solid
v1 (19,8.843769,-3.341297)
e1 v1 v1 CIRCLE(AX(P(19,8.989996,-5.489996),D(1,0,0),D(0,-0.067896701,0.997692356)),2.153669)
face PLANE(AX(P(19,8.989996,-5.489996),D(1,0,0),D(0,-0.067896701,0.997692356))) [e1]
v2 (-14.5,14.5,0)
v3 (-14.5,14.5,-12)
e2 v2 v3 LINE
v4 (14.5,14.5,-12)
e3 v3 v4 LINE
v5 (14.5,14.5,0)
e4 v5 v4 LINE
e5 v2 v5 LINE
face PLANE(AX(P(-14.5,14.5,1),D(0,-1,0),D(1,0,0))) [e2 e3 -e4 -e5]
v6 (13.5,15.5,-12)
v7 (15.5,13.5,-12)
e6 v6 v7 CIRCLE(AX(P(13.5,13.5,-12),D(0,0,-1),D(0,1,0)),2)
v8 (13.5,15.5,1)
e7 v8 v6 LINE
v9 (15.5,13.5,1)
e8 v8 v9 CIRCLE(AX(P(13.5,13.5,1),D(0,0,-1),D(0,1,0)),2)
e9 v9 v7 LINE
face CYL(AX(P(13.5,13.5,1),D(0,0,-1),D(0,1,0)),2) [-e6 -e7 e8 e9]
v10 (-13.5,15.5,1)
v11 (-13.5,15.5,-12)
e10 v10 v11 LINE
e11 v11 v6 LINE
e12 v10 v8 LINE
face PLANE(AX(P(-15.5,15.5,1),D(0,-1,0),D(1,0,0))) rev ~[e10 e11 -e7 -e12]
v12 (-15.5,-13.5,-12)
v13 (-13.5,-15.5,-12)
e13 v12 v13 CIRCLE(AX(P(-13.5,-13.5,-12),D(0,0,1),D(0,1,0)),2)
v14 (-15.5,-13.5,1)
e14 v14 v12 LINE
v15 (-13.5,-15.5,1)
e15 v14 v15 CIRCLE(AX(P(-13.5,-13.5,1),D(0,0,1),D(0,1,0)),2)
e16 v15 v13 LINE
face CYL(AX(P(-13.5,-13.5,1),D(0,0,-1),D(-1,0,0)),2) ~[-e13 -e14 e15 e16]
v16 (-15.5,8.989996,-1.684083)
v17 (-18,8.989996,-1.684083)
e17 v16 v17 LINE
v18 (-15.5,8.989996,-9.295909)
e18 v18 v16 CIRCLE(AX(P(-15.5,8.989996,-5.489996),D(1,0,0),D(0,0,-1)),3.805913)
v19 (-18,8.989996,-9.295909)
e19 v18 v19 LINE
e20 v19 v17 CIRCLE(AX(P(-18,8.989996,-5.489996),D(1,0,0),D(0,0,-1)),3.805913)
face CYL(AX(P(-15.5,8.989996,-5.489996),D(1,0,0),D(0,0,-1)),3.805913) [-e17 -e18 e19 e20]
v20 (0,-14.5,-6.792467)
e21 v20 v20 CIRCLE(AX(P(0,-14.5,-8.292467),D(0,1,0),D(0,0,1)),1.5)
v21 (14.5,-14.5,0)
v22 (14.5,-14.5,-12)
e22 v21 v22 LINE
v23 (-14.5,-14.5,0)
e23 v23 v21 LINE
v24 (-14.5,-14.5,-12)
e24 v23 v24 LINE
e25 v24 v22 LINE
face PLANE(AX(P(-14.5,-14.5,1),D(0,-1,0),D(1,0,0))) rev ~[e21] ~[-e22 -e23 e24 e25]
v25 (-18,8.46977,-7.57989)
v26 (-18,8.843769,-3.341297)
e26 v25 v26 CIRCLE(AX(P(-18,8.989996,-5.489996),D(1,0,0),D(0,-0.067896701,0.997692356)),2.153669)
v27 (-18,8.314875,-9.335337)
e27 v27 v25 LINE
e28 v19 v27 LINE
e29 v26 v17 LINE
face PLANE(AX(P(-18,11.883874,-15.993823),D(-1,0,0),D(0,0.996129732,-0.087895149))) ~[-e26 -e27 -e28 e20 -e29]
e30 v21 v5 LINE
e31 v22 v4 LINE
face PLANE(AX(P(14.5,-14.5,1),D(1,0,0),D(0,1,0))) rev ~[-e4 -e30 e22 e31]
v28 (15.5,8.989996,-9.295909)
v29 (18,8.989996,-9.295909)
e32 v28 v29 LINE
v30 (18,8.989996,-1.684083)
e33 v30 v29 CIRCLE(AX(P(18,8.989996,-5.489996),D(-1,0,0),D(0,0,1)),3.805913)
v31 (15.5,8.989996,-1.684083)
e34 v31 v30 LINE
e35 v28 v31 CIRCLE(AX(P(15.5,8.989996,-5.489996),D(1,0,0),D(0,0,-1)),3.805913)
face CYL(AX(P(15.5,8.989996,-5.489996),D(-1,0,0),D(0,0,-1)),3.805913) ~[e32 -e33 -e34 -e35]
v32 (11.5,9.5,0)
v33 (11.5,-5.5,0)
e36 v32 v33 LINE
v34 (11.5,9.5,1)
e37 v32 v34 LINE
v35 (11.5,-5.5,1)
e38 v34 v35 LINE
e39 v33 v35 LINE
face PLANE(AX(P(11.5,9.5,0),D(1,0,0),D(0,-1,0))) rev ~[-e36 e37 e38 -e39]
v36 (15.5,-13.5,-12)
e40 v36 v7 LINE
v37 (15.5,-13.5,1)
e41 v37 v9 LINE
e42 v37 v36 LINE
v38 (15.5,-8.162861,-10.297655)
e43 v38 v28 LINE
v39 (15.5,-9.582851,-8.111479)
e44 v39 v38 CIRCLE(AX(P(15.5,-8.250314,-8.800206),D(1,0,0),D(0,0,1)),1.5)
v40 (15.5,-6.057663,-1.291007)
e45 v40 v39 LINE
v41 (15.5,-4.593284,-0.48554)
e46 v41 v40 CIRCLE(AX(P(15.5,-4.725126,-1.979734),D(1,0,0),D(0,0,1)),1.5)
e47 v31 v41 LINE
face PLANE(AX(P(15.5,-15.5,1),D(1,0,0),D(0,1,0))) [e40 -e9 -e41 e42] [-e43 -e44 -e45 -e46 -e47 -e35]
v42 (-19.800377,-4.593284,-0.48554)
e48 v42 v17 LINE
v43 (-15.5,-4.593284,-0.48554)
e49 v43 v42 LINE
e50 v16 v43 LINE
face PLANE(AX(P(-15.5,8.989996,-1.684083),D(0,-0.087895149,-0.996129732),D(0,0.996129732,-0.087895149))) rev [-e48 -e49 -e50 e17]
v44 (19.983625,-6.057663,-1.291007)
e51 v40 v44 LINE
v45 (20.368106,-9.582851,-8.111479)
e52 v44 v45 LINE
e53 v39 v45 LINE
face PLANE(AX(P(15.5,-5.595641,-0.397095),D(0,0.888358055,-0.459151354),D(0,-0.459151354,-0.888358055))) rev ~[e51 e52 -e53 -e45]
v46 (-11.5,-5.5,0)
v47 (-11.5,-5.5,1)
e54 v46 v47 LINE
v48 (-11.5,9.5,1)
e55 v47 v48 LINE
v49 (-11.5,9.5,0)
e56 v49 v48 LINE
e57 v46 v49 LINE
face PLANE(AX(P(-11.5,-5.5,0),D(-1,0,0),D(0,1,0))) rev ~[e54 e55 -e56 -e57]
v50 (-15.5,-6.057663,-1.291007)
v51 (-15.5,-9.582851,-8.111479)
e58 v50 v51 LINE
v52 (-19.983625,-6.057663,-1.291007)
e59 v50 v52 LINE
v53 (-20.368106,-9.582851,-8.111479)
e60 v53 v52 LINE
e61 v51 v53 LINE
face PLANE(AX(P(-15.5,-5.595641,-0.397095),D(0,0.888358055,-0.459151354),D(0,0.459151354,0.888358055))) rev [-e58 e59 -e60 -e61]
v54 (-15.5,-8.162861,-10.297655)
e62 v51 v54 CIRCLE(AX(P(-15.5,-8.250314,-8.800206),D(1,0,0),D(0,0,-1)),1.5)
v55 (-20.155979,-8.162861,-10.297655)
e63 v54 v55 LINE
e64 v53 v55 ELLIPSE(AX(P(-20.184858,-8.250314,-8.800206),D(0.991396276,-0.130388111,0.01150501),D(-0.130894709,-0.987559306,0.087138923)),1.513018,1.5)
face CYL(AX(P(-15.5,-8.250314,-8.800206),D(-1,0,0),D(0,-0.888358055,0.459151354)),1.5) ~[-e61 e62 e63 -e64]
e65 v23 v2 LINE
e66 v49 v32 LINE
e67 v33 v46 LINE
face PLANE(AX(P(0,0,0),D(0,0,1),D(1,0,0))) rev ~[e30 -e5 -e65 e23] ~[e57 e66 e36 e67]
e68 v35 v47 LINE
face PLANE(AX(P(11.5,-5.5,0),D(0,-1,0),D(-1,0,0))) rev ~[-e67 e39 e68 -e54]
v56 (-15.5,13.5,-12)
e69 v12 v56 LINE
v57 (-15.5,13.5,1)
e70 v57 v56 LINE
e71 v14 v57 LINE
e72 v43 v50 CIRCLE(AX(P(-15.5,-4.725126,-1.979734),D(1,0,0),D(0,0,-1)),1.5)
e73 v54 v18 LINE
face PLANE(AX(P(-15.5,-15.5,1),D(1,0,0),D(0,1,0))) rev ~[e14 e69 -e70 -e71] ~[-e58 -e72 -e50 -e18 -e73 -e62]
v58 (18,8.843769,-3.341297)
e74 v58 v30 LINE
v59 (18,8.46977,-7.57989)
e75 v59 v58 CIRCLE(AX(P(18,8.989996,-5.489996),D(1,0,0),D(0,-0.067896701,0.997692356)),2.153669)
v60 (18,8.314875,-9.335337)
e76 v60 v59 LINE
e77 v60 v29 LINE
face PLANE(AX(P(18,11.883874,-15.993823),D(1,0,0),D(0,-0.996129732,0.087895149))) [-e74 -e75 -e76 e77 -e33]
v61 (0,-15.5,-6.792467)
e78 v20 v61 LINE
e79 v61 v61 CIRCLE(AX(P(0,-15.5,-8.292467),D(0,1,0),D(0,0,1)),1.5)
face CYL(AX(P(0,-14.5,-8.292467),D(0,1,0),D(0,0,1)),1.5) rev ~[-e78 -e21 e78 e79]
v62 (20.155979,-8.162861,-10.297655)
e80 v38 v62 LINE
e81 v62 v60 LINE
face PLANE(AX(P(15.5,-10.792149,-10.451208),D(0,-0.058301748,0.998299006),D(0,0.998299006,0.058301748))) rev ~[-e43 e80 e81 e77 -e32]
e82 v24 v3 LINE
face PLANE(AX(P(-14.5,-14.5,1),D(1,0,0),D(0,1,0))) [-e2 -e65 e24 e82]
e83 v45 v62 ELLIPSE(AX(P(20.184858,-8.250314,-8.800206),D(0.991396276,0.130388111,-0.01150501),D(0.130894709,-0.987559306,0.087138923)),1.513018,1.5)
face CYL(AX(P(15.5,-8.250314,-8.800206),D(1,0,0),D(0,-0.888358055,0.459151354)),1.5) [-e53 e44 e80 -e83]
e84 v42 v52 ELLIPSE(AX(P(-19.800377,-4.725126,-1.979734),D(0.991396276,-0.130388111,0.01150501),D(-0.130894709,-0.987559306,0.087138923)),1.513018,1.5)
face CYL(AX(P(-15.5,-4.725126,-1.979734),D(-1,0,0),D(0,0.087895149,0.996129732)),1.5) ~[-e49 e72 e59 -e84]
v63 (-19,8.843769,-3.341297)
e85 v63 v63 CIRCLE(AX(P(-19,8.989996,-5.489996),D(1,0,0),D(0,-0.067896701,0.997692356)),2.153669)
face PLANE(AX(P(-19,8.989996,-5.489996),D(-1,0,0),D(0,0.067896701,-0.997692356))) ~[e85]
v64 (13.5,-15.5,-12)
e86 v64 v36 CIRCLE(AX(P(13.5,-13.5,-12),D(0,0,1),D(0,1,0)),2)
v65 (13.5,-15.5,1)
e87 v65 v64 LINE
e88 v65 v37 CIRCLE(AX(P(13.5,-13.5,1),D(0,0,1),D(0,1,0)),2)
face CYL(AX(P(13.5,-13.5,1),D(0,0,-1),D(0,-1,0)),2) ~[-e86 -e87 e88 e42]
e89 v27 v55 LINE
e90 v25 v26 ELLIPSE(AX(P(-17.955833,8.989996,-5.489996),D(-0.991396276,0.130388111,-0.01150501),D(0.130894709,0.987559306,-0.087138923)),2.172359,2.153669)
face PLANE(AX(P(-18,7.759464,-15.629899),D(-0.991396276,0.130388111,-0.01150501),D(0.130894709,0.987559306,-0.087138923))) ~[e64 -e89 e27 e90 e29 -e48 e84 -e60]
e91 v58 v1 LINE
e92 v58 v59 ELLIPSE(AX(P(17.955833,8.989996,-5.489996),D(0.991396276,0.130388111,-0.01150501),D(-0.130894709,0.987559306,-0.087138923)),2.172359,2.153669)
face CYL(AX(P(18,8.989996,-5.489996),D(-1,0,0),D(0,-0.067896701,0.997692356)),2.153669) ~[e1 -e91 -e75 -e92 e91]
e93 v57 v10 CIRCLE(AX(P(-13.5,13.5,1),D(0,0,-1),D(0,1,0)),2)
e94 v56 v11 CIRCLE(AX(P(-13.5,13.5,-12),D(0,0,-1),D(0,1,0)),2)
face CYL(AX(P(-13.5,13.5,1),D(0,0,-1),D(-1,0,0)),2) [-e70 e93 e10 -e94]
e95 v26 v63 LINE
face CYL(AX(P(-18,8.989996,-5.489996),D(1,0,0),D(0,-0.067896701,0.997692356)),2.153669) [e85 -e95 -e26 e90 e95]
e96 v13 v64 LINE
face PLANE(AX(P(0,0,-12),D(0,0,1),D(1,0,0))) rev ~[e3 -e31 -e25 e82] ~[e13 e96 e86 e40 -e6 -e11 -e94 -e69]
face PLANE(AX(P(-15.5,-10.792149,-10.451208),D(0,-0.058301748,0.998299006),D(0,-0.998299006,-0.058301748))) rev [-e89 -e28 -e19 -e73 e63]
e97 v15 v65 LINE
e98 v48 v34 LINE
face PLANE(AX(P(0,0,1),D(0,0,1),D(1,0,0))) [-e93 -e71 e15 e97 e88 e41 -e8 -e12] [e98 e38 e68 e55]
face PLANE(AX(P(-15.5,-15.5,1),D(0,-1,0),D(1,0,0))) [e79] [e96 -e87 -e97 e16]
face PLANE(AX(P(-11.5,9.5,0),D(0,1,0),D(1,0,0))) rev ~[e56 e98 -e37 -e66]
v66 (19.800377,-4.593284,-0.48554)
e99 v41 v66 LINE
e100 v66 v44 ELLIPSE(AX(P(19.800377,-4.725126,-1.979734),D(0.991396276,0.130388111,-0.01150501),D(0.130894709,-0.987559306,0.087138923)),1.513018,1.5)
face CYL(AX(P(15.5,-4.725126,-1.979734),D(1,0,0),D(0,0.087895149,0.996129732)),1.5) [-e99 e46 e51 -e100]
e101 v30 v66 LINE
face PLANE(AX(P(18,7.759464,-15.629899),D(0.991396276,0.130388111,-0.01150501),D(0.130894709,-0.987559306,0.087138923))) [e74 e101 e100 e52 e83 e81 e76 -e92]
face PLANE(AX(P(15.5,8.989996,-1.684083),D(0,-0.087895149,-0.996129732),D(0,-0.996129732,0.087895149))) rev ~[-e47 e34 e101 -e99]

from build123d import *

# Parameters (mm, degrees)
SKETCH_1_W          = 29
SKETCH_1_H          = 29
EXTRUDE_1_DEPTH     = 1
SKETCH_2_W          = 31
SKETCH_2_H          = 31
SKETCH_2_W_2        = 29
SKETCH_2_H_2        = 29
EXTRUDE_2_DEPTH     = 13
EXTRUDE_4_DEPTH     = 5
CUT_EXTRUDE_START   = -14
CUT_EXTRUDE_2_DEPTH = 27
SKETCH_5_R          = 2.15366908
EXTRUDE_5_DEPTH     = 1
FILLET_2_R          = 2
FILLET_3_R          = 1.5
SKETCH_6_R          = 1.5
CUT_EXTRUDE_3_DEPTH = 10


with BuildPart() as part:
    # 草图1 → 凸台-拉伸1 (new body)
    with BuildSketch(Plane.XY):
        Rectangle(SKETCH_1_W, SKETCH_1_H)
        Polygon((-11.5, 0), (-11.5, 9.5), (11.5, 9.5), (11.5, -5.5), (-11.5, -5.5), align=None, mode=Mode.SUBTRACT)
    extrude(amount=EXTRUDE_1_DEPTH)

    # 草图2 → 凸台-拉伸2 (add)
    with BuildSketch(Plane.XY.offset(1)):
        Rectangle(SKETCH_2_W, SKETCH_2_H)
        Rectangle(SKETCH_2_W_2, SKETCH_2_H_2, mode=Mode.SUBTRACT)
    extrude(amount=-EXTRUDE_2_DEPTH)

    # 草图3 → 凸台-拉伸4 (add)
    with BuildSketch(Plane(origin=(15.5, 0, 0), x_dir=(0, 0, -1), z_dir=(1, 0, 0))):
        with BuildLine():
            Line((1.684082639, 8.989995997), (0.397094894, -5.595641246))
            Line((0.397094894, -5.595641246), (10.451208148, -10.79214922))
            Line((10.451208148, -10.79214922), (9.295909354, 8.989995997))
            ThreePointArc((9.295909354, 8.989995997), (5.489995997, 12.795909354), (1.684082639, 8.989995997))
        make_face()
    extrude_4 = extrude(amount=EXTRUDE_4_DEPTH)

    # 草图4 → 切除-拉伸2 (cut)
    with BuildSketch(Plane(origin=(0, -0.077997079, -0.883953322), x_dir=(1, 0, 0), z_dir=(0, 0.08789514896151537, 0.9961297319069606)).offset(CUT_EXTRUDE_START)):
        Polygon((18, 9.103224997), (20.5, -9.831770213), (20.5, 13.243659675), (18, 13.243659675), align=None)
    cut_extrude_2 = extrude(amount=CUT_EXTRUDE_2_DEPTH, mode=Mode.SUBTRACT)

    # 草图5 → 凸台-拉伸5 (add)
    with BuildSketch(Plane(origin=(18, 0, 0), x_dir=(0, 0, -1), z_dir=(1, 0, 0))):
        with Locations(Location((5.489995997, 8.989995997, 0), (0, 0, 183.893189549))):
            Circle(SKETCH_5_R)
    extrude_5 = extrude(amount=EXTRUDE_5_DEPTH)

    # 镜向1: 凸台-拉伸4, 切除-拉伸2, 凸台-拉伸5 across plane
    add(extrude_4.mirror(Plane(origin=(0, 0, 0), x_dir=(0, 0, 1), z_dir=(1, 0, 0))))
    add(cut_extrude_2.mirror(Plane(origin=(0, 0, 0), x_dir=(0, 0, 1), z_dir=(1, 0, 0))), mode=Mode.SUBTRACT)
    add(extrude_5.mirror(Plane(origin=(0, 0, 0), x_dir=(0, 0, 1), z_dir=(1, 0, 0))))

    # 圆角2
    fillet_2_edges = [part.edges().sort_by_distance(p)[0] for p in [
        (15.5, -15.5, -5.5),
        (-15.5, -15.5, -5.5),
        (-15.5, 15.5, -5.5),
        (15.5, 15.5, -5.5),
    ]]
    fillet(fillet_2_edges, radius=FILLET_2_R)

    # 圆角3
    fillet_3_edges = [part.edges().sort_by_distance(p)[0] for p in [
        (-18, -10.79214922, -10.451208148),
        (-17.716616755, -5.595641246, -0.397094894),
        (18, -10.79214922, -10.451208148),
        (17.716616755, -5.595641246, -0.397094894),
    ]]
    fillet(fillet_3_edges, radius=FILLET_3_R)

    # 草图6 → 切除-拉伸3 (cut)
    with BuildSketch(Plane(origin=(0, -14.5, 0), x_dir=(1, 0, 0), z_dir=(0, 1, 0))):
        with Locations(Location((0, 8.292466775, 0), (0, 0, 270))):
            Circle(SKETCH_6_R)
    extrude(amount=-CUT_EXTRUDE_3_DEPTH, mode=Mode.SUBTRACT)


solid = part.part
